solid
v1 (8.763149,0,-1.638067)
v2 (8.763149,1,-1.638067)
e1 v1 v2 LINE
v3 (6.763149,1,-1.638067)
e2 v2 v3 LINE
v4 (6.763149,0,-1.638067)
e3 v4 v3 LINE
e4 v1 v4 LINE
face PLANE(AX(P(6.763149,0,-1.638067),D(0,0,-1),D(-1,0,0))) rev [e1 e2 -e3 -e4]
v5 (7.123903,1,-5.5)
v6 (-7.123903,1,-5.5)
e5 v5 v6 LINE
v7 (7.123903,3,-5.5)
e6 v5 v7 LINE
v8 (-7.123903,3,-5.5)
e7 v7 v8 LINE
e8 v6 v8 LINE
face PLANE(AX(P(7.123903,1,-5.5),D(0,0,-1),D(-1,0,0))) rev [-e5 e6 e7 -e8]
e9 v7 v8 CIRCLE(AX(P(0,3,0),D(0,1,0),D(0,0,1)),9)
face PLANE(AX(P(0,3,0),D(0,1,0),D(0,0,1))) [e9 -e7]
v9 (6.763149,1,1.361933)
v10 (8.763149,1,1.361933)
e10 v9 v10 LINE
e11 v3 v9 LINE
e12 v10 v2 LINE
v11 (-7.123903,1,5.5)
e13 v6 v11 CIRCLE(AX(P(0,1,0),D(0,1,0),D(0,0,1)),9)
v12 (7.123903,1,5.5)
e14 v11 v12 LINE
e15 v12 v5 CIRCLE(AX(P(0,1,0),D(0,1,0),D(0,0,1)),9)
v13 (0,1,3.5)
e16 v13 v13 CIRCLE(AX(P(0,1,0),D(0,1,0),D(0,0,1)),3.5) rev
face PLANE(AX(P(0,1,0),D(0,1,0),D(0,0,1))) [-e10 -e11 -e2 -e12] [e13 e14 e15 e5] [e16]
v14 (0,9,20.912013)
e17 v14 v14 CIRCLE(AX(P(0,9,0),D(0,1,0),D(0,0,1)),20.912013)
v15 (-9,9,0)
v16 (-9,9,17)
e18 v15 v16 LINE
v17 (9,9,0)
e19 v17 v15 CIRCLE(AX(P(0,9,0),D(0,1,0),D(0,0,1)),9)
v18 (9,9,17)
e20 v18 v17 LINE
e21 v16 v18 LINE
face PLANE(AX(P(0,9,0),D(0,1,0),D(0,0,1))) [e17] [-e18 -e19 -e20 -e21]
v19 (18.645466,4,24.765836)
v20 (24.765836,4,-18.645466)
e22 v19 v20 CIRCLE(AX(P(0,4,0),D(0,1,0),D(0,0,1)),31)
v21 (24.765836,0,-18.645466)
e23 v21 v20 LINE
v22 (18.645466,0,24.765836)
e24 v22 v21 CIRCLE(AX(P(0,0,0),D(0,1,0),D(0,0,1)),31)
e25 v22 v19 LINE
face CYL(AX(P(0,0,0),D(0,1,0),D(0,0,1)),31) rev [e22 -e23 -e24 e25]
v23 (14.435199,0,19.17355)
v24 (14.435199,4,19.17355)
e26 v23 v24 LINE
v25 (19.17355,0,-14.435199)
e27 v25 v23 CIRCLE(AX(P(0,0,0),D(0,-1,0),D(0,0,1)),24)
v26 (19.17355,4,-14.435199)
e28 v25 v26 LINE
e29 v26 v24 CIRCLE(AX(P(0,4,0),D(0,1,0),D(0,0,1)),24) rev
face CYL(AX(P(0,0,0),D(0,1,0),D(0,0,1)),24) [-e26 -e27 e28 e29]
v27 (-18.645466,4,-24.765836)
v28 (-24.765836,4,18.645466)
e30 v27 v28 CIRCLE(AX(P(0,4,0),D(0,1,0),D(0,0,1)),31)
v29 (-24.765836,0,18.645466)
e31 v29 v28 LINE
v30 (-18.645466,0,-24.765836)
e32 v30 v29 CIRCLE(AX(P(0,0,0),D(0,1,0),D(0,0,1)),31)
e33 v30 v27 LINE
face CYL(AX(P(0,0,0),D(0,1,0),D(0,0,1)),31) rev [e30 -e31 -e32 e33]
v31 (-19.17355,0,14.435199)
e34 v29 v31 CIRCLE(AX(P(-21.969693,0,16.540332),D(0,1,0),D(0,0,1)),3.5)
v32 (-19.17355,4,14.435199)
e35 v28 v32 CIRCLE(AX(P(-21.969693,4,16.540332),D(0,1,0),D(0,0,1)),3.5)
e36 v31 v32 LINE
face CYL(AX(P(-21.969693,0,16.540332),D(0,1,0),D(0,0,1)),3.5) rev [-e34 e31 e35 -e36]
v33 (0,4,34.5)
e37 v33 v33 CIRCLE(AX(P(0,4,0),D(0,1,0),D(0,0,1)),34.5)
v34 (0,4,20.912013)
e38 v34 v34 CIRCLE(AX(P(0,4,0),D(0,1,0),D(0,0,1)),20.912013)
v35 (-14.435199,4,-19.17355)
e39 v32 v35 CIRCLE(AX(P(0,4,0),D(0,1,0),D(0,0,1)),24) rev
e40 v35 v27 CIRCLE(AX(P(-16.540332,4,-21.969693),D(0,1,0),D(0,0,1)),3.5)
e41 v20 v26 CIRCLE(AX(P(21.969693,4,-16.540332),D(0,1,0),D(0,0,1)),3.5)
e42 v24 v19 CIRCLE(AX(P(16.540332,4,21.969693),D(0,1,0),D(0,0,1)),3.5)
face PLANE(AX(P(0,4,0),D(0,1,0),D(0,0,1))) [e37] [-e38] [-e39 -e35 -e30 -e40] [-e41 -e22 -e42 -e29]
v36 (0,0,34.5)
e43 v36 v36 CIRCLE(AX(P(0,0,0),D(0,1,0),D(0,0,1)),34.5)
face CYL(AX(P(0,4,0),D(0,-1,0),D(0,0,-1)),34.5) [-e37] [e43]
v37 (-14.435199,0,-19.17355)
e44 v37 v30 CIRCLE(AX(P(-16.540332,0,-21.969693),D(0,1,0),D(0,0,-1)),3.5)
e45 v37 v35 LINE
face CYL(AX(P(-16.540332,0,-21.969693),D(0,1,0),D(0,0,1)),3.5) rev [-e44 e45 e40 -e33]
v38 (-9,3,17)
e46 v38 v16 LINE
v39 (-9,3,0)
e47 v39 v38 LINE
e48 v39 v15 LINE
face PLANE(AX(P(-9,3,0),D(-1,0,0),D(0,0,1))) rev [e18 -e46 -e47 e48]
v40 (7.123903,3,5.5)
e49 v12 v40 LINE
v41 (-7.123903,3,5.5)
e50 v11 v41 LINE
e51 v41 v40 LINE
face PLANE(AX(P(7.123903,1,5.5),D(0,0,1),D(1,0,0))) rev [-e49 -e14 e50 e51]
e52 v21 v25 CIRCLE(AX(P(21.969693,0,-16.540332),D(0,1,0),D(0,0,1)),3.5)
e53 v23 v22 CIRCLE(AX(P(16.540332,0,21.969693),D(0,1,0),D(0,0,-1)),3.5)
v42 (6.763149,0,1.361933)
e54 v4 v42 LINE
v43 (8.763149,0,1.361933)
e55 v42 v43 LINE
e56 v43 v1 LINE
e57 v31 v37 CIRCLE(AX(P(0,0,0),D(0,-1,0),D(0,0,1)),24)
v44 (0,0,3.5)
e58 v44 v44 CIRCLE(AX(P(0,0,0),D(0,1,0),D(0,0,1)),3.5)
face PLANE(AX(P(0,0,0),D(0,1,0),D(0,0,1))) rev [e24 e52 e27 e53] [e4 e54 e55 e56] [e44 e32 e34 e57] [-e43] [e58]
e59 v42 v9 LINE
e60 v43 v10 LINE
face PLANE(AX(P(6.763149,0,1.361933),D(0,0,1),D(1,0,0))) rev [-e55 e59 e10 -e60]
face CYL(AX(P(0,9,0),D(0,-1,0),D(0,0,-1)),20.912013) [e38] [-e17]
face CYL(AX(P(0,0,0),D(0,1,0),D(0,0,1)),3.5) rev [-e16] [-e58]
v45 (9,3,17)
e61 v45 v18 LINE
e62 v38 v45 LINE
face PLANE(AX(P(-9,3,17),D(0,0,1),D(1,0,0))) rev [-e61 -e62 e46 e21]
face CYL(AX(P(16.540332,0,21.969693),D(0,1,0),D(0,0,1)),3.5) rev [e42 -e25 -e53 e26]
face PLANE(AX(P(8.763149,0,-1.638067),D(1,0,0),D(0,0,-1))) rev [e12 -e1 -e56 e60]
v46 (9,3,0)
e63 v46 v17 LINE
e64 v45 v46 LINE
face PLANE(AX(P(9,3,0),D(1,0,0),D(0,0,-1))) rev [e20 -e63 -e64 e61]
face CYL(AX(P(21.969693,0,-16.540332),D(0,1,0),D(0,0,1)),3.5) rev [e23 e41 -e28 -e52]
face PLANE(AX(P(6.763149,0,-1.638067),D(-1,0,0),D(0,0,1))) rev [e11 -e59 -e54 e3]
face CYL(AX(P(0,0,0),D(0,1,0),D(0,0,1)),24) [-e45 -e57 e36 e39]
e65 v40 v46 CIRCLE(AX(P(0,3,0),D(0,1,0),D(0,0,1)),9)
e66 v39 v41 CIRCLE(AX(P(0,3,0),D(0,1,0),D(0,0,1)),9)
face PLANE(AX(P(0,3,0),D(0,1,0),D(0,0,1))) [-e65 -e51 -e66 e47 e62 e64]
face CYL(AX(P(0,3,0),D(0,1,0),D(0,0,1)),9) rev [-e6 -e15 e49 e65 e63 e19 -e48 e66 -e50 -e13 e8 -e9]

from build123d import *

# Parameters (mm, degrees)
SKETCH1_R               = 34.5
BOSS_EXTRUDE1_DEPTH     = 4
CUT_EXTRUDE1_DEPTH      = 1
CUT_EXTRUDE1_DEPTH_BACK = 5
SKETCH6_R               = 20.912013364
BOSS_EXTRUDE2_DEPTH     = 5
CUT_EXTRUDE3_DEPTH      = 6
SKETCH7_R               = 3.5
CUT_EXTRUDE4_DEPTH      = 1
CUT_EXTRUDE4_DEPTH_BACK = 10
CUT_EXTRUDE5_DEPTH      = 2
SKETCH9_W               = 2
SKETCH9_H               = 3
CUT_EXTRUDE6_DEPTH      = 10


with BuildPart() as part:
    # Sketch1 → Boss-Extrude1 (new body)
    with BuildSketch(Plane(origin=(0, 0, 0), x_dir=(1, 0, 0), z_dir=(0, 1, 0))):
        Circle(SKETCH1_R)
    extrude(amount=BOSS_EXTRUDE1_DEPTH)

    # Sketch2 → Cut-Extrude1 (cut, two sides)
    with BuildSketch(Plane(origin=(0, 4, 0), x_dir=(1, 0, 0), z_dir=(0, 1, 0))) as cut_extrude1_sk:
        with BuildLine():
            ThreePointArc((18.645465696, -24.765835519), (30.69642547, -4.327755005), (24.765835519, 18.645465696))
            ThreePointArc((24.765835519, 18.645465696), (19.864559575, 19.336475193), (19.173550079, 14.435199249))
            ThreePointArc((19.173550079, 14.435199249), (23.764974557, -3.350520004), (14.435199249, -19.173550079))
            ThreePointArc((14.435199249, -19.173550079), (13.744189753, -24.074826023), (18.645465696, -24.765835519))
        make_face()
        with BuildLine():
            ThreePointArc((-14.435199249, 19.173550079), (-23.764974557, 3.350520004), (-19.173550079, -14.435199249))
            ThreePointArc((-19.173550079, -14.435199249), (-19.864559575, -19.336475193), (-24.765835519, -18.645465696))
            ThreePointArc((-24.765835519, -18.645465696), (-30.69642547, 4.327755005), (-18.645465696, 24.765835519))
            ThreePointArc((-18.645465696, 24.765835519), (-13.744189753, 24.074826023), (-14.435199249, 19.173550079))
        make_face()
    extrude(amount=CUT_EXTRUDE1_DEPTH, mode=Mode.SUBTRACT)
    extrude(cut_extrude1_sk.sketch, amount=-CUT_EXTRUDE1_DEPTH_BACK, mode=Mode.SUBTRACT)

    # Sketch6 → Boss-Extrude2 (add)
    with BuildSketch(Plane(origin=(0, 4, 0), x_dir=(1, 0, 0), z_dir=(0, 1, 0))):
        Circle(SKETCH6_R)
    extrude(amount=BOSS_EXTRUDE2_DEPTH)

    # Sketch5 → Cut-Extrude3 (cut)
    with BuildSketch(Plane(origin=(0, 9, 0), x_dir=(1, 0, 0), z_dir=(0, 1, 0))):
        with BuildLine():
            Line((-9, 0), (-9, -17))
            Line((-9, -17), (9, -17))
            Line((9, -17), (9, 0))
            ThreePointArc((9, 0), (0, 9), (-9, 0))
        make_face()
    extrude(amount=-CUT_EXTRUDE3_DEPTH, mode=Mode.SUBTRACT)

    # Sketch7 → Cut-Extrude4 (cut, two sides)
    with BuildSketch(Plane(origin=(0, 9, 0), x_dir=(1, 0, 0), z_dir=(0, 1, 0))) as cut_extrude4_sk:
        Circle(SKETCH7_R)
    extrude(amount=CUT_EXTRUDE4_DEPTH, mode=Mode.SUBTRACT)
    extrude(cut_extrude4_sk.sketch, amount=-CUT_EXTRUDE4_DEPTH_BACK, mode=Mode.SUBTRACT)

    # Sketch8 → Cut-Extrude5 (cut)
    with BuildSketch(Plane(origin=(0, 3, 0), x_dir=(1, 0, 0), z_dir=(0, 1, 0))):
        with BuildLine():
            Line((7.123903424, -5.5), (-7.123903424, -5.5))
            ThreePointArc((-7.123903424, -5.5), (-9, 0), (-7.123903424, 5.5))
            Line((-7.123903424, 5.5), (7.123903424, 5.5))
            ThreePointArc((7.123903424, 5.5), (9, 0), (7.123903424, -5.5))
        make_face()
    extrude(amount=-CUT_EXTRUDE5_DEPTH, mode=Mode.SUBTRACT)

    # Sketch9 → Cut-Extrude6 (cut, through all)
    with BuildSketch(Plane(origin=(0, 9, 0), x_dir=(1, 0, 0), z_dir=(0, 1, 0))):
        with Locations((7.763148871, 0.138067302)):
            Rectangle(SKETCH9_W, SKETCH9_H)
    extrude(amount=-CUT_EXTRUDE6_DEPTH, mode=Mode.SUBTRACT)


solid = part.part
